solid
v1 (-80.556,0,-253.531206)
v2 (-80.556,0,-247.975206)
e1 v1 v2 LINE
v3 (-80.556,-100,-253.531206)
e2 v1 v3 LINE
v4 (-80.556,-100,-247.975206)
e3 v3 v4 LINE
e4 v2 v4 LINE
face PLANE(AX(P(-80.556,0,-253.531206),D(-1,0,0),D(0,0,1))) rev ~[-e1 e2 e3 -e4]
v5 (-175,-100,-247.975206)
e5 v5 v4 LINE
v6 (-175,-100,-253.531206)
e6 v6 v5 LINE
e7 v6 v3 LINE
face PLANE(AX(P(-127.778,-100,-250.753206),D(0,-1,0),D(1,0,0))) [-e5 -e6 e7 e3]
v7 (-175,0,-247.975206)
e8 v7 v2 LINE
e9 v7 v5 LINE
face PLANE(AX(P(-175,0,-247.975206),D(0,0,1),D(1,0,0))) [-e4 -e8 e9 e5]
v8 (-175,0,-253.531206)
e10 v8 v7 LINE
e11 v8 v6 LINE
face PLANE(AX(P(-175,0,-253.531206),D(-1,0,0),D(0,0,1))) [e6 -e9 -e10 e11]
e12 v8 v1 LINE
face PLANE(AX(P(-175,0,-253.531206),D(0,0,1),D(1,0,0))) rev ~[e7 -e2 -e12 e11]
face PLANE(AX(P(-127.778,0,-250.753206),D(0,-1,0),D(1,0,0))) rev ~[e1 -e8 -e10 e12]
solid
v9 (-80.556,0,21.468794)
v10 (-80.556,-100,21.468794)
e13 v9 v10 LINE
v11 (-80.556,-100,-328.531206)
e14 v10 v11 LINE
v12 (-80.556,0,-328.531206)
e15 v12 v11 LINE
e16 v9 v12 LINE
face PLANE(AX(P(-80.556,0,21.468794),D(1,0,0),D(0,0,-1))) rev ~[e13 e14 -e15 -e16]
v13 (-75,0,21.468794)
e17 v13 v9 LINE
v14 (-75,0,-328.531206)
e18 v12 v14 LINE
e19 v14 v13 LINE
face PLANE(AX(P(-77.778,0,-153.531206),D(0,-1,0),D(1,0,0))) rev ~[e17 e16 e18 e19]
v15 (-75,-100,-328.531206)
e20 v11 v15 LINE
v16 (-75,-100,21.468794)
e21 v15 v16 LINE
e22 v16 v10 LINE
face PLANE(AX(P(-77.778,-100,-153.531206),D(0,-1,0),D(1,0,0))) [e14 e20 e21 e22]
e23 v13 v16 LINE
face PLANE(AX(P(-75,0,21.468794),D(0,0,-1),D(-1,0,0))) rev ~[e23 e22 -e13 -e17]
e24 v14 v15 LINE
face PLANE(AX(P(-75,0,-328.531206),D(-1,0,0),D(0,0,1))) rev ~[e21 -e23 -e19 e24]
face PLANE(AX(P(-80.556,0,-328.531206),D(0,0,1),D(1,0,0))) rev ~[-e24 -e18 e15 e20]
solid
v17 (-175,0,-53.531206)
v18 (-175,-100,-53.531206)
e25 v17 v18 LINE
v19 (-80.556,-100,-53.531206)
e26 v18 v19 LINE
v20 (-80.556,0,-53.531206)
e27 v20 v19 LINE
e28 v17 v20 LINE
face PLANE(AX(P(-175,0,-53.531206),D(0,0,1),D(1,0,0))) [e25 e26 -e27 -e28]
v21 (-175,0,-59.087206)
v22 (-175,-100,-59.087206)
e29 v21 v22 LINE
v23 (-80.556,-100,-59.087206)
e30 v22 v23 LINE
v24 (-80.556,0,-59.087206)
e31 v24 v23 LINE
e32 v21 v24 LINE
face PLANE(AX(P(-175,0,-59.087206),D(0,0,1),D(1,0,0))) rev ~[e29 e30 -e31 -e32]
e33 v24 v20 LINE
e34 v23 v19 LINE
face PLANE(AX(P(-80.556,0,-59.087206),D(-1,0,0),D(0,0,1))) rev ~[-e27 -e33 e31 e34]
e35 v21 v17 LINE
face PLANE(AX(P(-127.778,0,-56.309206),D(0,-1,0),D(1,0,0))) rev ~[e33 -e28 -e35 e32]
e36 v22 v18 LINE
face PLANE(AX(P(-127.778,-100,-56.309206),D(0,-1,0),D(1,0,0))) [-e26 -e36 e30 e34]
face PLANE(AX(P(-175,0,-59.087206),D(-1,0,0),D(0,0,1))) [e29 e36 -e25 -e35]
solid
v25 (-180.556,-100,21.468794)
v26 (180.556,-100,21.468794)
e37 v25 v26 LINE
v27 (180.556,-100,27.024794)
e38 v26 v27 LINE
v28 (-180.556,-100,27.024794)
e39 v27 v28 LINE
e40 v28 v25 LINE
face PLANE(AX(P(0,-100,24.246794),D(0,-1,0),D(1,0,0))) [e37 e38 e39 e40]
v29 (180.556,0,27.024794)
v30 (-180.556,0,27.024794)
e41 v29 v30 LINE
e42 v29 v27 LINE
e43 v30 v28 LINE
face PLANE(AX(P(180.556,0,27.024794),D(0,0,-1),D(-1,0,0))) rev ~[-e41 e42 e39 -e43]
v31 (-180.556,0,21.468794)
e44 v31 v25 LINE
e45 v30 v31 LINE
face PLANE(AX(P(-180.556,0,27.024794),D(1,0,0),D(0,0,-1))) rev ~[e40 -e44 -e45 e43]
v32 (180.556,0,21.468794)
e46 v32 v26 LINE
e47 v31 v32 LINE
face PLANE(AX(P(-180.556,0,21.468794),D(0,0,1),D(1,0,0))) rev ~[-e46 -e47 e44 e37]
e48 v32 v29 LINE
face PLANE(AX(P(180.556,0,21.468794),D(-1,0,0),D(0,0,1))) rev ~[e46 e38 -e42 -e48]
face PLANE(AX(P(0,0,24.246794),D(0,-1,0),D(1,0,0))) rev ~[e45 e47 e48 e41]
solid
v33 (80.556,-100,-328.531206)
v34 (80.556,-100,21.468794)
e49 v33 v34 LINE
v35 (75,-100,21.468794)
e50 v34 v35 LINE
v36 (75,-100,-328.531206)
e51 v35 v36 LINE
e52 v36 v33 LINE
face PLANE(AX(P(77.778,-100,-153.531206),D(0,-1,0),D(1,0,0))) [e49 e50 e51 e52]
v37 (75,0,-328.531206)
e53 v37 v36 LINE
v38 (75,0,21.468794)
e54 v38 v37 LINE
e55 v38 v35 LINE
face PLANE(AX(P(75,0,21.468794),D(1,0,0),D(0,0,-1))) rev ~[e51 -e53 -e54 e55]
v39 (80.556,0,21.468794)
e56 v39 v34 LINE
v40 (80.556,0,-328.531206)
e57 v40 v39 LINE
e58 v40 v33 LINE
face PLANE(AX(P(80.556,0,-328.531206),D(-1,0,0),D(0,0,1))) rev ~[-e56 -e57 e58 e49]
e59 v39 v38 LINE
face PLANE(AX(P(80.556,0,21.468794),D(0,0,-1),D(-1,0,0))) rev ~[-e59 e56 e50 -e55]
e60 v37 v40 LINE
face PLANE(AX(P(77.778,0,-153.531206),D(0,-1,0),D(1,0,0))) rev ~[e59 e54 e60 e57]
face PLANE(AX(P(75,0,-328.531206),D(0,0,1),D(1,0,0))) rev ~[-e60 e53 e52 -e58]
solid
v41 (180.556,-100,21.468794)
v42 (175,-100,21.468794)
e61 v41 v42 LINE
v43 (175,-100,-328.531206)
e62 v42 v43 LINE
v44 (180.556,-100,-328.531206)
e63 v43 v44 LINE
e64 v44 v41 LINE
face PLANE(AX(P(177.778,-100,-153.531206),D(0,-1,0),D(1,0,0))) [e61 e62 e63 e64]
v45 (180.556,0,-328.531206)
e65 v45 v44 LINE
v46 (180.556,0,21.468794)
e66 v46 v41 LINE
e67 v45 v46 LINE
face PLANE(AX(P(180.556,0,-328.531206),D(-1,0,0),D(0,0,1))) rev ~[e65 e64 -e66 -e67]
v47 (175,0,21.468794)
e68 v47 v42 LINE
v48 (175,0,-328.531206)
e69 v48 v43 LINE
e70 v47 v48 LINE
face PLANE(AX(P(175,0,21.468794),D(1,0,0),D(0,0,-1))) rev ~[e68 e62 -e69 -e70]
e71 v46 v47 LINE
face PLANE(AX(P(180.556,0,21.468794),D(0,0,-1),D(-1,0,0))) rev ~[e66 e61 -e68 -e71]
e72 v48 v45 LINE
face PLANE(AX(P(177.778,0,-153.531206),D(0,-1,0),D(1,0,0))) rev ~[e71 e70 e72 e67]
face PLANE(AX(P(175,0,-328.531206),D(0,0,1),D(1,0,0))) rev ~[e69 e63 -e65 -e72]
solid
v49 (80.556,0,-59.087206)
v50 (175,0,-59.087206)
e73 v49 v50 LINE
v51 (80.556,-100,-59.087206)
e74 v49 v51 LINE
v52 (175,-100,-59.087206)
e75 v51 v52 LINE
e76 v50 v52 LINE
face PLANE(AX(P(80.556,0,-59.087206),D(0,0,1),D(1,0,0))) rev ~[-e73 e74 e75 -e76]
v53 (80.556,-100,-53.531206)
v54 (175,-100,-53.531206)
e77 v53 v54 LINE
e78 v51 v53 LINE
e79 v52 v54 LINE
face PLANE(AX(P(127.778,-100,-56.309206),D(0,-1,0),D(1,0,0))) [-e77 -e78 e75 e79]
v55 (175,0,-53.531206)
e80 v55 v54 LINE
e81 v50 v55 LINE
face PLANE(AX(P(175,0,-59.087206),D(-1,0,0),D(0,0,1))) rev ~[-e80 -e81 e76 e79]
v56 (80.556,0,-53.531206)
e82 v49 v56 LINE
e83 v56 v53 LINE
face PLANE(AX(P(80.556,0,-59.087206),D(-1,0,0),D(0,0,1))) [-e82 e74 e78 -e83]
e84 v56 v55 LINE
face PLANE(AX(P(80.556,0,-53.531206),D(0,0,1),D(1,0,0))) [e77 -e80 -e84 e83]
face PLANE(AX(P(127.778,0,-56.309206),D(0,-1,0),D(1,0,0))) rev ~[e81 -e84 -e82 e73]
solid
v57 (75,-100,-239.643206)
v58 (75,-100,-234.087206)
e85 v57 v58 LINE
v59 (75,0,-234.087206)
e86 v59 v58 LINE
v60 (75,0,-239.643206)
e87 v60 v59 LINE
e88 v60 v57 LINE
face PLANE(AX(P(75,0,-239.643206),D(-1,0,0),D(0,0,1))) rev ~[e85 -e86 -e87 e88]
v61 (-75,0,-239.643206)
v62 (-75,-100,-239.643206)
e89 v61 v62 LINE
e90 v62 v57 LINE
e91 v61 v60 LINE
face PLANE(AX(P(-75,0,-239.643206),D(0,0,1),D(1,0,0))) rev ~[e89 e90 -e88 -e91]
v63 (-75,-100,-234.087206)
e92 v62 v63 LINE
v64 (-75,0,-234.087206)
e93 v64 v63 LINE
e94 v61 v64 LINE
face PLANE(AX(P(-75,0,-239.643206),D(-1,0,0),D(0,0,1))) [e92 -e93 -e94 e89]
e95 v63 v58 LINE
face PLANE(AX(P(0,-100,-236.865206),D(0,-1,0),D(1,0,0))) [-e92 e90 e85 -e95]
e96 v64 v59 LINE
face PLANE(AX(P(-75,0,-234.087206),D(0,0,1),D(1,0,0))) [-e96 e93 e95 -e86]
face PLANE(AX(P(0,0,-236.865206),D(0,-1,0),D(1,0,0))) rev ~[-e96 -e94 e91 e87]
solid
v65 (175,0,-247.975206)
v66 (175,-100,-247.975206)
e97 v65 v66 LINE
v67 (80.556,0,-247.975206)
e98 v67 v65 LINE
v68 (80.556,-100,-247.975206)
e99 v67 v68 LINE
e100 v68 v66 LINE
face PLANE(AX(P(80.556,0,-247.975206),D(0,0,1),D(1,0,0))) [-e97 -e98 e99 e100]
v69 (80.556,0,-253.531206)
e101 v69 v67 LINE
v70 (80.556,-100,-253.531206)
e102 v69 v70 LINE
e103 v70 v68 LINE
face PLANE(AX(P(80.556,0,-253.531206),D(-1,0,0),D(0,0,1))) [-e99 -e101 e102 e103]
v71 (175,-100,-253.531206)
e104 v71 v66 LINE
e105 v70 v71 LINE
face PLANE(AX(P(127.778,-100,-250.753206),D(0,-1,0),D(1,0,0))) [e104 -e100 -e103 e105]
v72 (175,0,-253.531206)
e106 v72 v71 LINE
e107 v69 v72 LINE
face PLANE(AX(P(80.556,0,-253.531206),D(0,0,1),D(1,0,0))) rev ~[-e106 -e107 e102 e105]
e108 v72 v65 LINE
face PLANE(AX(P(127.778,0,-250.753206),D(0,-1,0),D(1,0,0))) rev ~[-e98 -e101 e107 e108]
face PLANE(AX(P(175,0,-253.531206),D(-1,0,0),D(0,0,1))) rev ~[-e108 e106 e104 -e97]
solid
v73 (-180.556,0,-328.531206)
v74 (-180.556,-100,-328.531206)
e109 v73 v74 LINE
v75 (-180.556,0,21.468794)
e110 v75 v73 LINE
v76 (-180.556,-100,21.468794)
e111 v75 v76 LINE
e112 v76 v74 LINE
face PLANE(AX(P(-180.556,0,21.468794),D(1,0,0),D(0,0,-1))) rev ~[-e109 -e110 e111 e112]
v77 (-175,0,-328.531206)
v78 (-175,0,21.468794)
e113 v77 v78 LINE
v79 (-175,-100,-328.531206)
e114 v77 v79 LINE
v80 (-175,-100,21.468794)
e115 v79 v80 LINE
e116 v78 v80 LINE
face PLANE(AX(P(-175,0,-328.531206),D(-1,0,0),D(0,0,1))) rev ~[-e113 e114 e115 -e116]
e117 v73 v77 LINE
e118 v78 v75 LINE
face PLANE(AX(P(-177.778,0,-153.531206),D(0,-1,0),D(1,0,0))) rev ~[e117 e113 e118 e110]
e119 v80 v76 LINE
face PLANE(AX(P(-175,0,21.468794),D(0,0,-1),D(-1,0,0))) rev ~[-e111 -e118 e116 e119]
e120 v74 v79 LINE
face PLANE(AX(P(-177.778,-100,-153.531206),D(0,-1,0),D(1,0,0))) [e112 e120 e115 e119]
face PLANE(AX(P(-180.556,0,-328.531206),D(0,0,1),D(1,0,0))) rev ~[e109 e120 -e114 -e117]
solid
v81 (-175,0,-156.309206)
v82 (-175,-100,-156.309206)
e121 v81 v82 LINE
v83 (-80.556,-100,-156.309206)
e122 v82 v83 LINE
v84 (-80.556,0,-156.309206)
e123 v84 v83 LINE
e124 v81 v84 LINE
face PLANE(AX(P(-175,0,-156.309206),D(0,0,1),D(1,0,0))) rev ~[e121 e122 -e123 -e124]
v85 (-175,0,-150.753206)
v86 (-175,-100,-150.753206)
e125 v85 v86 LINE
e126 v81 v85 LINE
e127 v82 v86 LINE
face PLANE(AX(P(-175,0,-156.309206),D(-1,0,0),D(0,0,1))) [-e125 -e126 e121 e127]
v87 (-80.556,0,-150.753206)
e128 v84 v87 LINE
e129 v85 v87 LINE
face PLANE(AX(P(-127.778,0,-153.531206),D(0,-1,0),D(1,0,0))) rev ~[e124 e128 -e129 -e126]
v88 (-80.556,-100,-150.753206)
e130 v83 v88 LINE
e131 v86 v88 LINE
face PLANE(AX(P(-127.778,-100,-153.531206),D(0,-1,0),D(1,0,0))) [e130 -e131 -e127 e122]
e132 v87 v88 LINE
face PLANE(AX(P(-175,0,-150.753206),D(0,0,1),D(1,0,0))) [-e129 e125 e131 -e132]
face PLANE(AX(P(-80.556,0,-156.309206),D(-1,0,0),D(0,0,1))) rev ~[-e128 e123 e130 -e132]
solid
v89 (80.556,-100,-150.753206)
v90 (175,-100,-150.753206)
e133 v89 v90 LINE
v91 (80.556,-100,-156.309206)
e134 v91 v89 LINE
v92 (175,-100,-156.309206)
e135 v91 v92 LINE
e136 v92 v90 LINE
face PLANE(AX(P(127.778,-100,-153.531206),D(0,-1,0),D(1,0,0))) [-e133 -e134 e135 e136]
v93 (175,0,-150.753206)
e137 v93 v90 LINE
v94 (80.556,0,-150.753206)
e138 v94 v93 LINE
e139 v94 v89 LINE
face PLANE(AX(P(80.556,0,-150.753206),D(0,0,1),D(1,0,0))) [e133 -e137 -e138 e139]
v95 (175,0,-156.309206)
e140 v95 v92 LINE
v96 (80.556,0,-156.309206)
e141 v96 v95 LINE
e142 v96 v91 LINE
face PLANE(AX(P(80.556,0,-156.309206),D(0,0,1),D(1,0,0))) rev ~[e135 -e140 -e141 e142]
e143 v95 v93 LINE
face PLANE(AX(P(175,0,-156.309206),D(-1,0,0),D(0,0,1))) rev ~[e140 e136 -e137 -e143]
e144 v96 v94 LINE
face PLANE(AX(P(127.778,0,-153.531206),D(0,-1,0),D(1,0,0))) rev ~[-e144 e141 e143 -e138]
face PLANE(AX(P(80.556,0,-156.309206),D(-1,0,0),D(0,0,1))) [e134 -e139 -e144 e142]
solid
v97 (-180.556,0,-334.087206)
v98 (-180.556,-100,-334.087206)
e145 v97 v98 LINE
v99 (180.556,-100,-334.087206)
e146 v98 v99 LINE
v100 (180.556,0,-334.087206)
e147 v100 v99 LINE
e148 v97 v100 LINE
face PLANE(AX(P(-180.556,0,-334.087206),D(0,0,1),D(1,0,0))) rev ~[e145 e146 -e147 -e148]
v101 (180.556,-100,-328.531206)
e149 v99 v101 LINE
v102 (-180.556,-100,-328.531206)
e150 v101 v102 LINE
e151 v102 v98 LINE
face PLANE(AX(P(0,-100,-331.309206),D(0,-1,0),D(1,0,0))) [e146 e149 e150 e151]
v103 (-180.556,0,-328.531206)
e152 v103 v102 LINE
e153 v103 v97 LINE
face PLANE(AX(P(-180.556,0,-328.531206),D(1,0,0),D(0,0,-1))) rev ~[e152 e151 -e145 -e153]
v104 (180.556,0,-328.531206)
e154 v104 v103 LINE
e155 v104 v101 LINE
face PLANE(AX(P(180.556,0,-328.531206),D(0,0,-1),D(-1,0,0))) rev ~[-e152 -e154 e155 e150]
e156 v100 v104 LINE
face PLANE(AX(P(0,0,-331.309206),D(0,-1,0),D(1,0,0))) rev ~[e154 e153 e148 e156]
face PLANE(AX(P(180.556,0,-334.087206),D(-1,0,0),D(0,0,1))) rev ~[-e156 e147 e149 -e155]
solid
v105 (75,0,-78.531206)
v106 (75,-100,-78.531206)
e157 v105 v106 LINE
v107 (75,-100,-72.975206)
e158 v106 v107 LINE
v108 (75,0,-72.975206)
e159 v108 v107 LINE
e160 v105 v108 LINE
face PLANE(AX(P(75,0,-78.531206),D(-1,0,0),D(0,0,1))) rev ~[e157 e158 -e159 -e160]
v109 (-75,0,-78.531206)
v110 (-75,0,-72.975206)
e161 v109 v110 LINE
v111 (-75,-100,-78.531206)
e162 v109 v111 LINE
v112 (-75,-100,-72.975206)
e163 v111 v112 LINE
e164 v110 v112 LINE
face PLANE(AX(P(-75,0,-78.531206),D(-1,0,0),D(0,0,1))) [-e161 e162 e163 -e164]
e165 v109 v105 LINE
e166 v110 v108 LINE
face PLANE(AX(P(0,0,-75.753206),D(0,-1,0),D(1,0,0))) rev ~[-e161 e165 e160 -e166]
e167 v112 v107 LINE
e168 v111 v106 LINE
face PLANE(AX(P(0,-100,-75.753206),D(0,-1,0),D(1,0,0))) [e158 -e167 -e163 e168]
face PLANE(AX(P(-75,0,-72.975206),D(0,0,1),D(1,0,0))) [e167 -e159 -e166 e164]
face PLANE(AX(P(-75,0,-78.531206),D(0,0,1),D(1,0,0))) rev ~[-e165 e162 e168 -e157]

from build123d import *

# Parameters (mm, degrees)
F1_DEPTH = 100
F2_DEPTH = 100
F3_DEPTH = 100
F4_DEPTH = 100
F5_DEPTH = 100
F6_DEPTH = 100
F0_W     = 94.444
F0_H     = 5.556
F7_DEPTH = 100
F0_W_2   = 150


with BuildPart() as f1:
    # F0 (on Front) → F1 (new body)
    with BuildSketch(Plane.XZ):
        Polygon((-180.556, 21.4687940708), (-175, 21.4687940708), (-80.556, 21.4687940708), (-75, 21.4687940708), (75, 21.4687940708), (80.556, 21.4687940708), (175, 21.4687940708), (180.556, 21.4687940708), (180.556, 27.0247940708), (-180.556, 27.0247940708), align=None)
    extrude(amount=F1_DEPTH)


with BuildPart() as f2:
    # F0 (on Front) → F2 (new body)
    with BuildSketch(Plane.XZ):
        Polygon((-175, -328.5312059292), (-180.556, -328.5312059292), (-180.556, -334.0872059292), (180.556, -334.0872059292), (180.556, -328.5312059292), (175, -328.5312059292), (80.556, -328.5312059292), (75, -328.5312059292), (-75, -328.5312059292), (-80.556, -328.5312059292), align=None)
    extrude(amount=F2_DEPTH)


with BuildPart() as f3:
    # F0 (on Front) → F3 (new body)
    with BuildSketch(Plane.XZ):
        Polygon((180.556, -328.5312059292), (180.556, 21.4687940708), (175, 21.4687940708), (175, -53.5312059292), (175, -59.0872059292), (175, -150.7532059292), (175, -156.3092059292), (175, -247.9752059292), (175, -253.5312059292), (175, -328.5312059292), align=None)
    extrude(amount=F3_DEPTH)


with BuildPart() as f4:
    # F0 (on Front) → F4 (new body)
    with BuildSketch(Plane.XZ):
        Polygon((-175, -53.5312059292), (-175, 21.4687940708), (-180.556, 21.4687940708), (-180.556, -328.5312059292), (-175, -328.5312059292), (-175, -253.5312059292), (-175, -247.9752059292), (-175, -156.3092059292), (-175, -150.7532059292), (-175, -59.0872059292), align=None)
    extrude(amount=F4_DEPTH)


with BuildPart() as f5:
    # F0 (on Front) → F5 (new body)
    with BuildSketch(Plane.XZ):
        Polygon((-75, 21.4687940708), (-80.556, 21.4687940708), (-80.556, -53.5312059292), (-80.556, -59.0872059292), (-80.556, -150.7532059292), (-80.556, -156.3092059292), (-80.556, -247.9752059292), (-80.556, -253.5312059292), (-80.556, -328.5312059292), (-75, -328.5312059292), (-75, -239.6432062043), (-75, -234.0872062043), (-75, -78.5312056541), (-75, -72.9752056541), align=None)
    extrude(amount=F5_DEPTH)


with BuildPart() as f6:
    # F0 (on Front) → F6 (new body)
    with BuildSketch(Plane.XZ):
        Polygon((80.556, 21.4687940708), (75, 21.4687940708), (75, -72.9752056541), (75, -78.5312056541), (75, -234.0872062043), (75, -239.6432062043), (75, -328.5312059292), (80.556, -328.5312059292), (80.556, -253.5312059292), (80.556, -247.9752059292), (80.556, -156.3092059292), (80.556, -150.7532059292), (80.556, -59.0872059292), (80.556, -53.5312059292), align=None)
    extrude(amount=F6_DEPTH)


with BuildPart() as f7:
    # F0 (on Front) → F7 (new body)
    with BuildSketch(Plane.XZ):
        with Locations((-127.778, -56.3092059292)):
            Rectangle(F0_W, F0_H)
    extrude(amount=F7_DEPTH)


with BuildPart() as f7b:
    # F0 (on Front) → F7, piece 2 (new body)
    with BuildSketch(Plane.XZ):
        with Locations((-127.778, -153.5312059292)):
            Rectangle(F0_W, F0_H)
    extrude(amount=F7_DEPTH)


with BuildPart() as f7c:
    # F0 (on Front) → F7, piece 3 (new body)
    with BuildSketch(Plane.XZ):
        with Locations((-127.778, -250.7532059292)):
            Rectangle(F0_W, F0_H)
    extrude(amount=F7_DEPTH)


with BuildPart() as f7d:
    # F0 (on Front) → F7, piece 4 (new body)
    with BuildSketch(Plane.XZ):
        with Locations((0, -75.7532056541)):
            Rectangle(F0_W_2, F0_H)
    extrude(amount=F7_DEPTH)


with BuildPart() as f7e:
    # F0 (on Front) → F7, piece 5 (new body)
    with BuildSketch(Plane.XZ):
        with Locations((0, -236.8652062043)):
            Rectangle(F0_W_2, F0_H)
    extrude(amount=F7_DEPTH)


with BuildPart() as f7f:
    # F0 (on Front) → F7, piece 6 (new body)
    with BuildSketch(Plane.XZ):
        with Locations((127.778, -56.3092059292)):
            Rectangle(F0_W, F0_H)
    extrude(amount=F7_DEPTH)


with BuildPart() as f7g:
    # F0 (on Front) → F7, piece 7 (new body)
    with BuildSketch(Plane.XZ):
        with Locations((127.778, -153.5312059292)):
            Rectangle(F0_W, F0_H)
    extrude(amount=F7_DEPTH)


with BuildPart() as f7h:
    # F0 (on Front) → F7, piece 8 (new body)
    with BuildSketch(Plane.XZ):
        with Locations((127.778, -250.7532059292)):
            Rectangle(F0_W, F0_H)
    extrude(amount=F7_DEPTH)


solid = Compound([f1.part, f2.part, f3.part, f4.part, f5.part, f6.part, f7.part, f7b.part, f7c.part, f7d.part, f7e.part, f7f.part, f7g.part, f7h.part])
